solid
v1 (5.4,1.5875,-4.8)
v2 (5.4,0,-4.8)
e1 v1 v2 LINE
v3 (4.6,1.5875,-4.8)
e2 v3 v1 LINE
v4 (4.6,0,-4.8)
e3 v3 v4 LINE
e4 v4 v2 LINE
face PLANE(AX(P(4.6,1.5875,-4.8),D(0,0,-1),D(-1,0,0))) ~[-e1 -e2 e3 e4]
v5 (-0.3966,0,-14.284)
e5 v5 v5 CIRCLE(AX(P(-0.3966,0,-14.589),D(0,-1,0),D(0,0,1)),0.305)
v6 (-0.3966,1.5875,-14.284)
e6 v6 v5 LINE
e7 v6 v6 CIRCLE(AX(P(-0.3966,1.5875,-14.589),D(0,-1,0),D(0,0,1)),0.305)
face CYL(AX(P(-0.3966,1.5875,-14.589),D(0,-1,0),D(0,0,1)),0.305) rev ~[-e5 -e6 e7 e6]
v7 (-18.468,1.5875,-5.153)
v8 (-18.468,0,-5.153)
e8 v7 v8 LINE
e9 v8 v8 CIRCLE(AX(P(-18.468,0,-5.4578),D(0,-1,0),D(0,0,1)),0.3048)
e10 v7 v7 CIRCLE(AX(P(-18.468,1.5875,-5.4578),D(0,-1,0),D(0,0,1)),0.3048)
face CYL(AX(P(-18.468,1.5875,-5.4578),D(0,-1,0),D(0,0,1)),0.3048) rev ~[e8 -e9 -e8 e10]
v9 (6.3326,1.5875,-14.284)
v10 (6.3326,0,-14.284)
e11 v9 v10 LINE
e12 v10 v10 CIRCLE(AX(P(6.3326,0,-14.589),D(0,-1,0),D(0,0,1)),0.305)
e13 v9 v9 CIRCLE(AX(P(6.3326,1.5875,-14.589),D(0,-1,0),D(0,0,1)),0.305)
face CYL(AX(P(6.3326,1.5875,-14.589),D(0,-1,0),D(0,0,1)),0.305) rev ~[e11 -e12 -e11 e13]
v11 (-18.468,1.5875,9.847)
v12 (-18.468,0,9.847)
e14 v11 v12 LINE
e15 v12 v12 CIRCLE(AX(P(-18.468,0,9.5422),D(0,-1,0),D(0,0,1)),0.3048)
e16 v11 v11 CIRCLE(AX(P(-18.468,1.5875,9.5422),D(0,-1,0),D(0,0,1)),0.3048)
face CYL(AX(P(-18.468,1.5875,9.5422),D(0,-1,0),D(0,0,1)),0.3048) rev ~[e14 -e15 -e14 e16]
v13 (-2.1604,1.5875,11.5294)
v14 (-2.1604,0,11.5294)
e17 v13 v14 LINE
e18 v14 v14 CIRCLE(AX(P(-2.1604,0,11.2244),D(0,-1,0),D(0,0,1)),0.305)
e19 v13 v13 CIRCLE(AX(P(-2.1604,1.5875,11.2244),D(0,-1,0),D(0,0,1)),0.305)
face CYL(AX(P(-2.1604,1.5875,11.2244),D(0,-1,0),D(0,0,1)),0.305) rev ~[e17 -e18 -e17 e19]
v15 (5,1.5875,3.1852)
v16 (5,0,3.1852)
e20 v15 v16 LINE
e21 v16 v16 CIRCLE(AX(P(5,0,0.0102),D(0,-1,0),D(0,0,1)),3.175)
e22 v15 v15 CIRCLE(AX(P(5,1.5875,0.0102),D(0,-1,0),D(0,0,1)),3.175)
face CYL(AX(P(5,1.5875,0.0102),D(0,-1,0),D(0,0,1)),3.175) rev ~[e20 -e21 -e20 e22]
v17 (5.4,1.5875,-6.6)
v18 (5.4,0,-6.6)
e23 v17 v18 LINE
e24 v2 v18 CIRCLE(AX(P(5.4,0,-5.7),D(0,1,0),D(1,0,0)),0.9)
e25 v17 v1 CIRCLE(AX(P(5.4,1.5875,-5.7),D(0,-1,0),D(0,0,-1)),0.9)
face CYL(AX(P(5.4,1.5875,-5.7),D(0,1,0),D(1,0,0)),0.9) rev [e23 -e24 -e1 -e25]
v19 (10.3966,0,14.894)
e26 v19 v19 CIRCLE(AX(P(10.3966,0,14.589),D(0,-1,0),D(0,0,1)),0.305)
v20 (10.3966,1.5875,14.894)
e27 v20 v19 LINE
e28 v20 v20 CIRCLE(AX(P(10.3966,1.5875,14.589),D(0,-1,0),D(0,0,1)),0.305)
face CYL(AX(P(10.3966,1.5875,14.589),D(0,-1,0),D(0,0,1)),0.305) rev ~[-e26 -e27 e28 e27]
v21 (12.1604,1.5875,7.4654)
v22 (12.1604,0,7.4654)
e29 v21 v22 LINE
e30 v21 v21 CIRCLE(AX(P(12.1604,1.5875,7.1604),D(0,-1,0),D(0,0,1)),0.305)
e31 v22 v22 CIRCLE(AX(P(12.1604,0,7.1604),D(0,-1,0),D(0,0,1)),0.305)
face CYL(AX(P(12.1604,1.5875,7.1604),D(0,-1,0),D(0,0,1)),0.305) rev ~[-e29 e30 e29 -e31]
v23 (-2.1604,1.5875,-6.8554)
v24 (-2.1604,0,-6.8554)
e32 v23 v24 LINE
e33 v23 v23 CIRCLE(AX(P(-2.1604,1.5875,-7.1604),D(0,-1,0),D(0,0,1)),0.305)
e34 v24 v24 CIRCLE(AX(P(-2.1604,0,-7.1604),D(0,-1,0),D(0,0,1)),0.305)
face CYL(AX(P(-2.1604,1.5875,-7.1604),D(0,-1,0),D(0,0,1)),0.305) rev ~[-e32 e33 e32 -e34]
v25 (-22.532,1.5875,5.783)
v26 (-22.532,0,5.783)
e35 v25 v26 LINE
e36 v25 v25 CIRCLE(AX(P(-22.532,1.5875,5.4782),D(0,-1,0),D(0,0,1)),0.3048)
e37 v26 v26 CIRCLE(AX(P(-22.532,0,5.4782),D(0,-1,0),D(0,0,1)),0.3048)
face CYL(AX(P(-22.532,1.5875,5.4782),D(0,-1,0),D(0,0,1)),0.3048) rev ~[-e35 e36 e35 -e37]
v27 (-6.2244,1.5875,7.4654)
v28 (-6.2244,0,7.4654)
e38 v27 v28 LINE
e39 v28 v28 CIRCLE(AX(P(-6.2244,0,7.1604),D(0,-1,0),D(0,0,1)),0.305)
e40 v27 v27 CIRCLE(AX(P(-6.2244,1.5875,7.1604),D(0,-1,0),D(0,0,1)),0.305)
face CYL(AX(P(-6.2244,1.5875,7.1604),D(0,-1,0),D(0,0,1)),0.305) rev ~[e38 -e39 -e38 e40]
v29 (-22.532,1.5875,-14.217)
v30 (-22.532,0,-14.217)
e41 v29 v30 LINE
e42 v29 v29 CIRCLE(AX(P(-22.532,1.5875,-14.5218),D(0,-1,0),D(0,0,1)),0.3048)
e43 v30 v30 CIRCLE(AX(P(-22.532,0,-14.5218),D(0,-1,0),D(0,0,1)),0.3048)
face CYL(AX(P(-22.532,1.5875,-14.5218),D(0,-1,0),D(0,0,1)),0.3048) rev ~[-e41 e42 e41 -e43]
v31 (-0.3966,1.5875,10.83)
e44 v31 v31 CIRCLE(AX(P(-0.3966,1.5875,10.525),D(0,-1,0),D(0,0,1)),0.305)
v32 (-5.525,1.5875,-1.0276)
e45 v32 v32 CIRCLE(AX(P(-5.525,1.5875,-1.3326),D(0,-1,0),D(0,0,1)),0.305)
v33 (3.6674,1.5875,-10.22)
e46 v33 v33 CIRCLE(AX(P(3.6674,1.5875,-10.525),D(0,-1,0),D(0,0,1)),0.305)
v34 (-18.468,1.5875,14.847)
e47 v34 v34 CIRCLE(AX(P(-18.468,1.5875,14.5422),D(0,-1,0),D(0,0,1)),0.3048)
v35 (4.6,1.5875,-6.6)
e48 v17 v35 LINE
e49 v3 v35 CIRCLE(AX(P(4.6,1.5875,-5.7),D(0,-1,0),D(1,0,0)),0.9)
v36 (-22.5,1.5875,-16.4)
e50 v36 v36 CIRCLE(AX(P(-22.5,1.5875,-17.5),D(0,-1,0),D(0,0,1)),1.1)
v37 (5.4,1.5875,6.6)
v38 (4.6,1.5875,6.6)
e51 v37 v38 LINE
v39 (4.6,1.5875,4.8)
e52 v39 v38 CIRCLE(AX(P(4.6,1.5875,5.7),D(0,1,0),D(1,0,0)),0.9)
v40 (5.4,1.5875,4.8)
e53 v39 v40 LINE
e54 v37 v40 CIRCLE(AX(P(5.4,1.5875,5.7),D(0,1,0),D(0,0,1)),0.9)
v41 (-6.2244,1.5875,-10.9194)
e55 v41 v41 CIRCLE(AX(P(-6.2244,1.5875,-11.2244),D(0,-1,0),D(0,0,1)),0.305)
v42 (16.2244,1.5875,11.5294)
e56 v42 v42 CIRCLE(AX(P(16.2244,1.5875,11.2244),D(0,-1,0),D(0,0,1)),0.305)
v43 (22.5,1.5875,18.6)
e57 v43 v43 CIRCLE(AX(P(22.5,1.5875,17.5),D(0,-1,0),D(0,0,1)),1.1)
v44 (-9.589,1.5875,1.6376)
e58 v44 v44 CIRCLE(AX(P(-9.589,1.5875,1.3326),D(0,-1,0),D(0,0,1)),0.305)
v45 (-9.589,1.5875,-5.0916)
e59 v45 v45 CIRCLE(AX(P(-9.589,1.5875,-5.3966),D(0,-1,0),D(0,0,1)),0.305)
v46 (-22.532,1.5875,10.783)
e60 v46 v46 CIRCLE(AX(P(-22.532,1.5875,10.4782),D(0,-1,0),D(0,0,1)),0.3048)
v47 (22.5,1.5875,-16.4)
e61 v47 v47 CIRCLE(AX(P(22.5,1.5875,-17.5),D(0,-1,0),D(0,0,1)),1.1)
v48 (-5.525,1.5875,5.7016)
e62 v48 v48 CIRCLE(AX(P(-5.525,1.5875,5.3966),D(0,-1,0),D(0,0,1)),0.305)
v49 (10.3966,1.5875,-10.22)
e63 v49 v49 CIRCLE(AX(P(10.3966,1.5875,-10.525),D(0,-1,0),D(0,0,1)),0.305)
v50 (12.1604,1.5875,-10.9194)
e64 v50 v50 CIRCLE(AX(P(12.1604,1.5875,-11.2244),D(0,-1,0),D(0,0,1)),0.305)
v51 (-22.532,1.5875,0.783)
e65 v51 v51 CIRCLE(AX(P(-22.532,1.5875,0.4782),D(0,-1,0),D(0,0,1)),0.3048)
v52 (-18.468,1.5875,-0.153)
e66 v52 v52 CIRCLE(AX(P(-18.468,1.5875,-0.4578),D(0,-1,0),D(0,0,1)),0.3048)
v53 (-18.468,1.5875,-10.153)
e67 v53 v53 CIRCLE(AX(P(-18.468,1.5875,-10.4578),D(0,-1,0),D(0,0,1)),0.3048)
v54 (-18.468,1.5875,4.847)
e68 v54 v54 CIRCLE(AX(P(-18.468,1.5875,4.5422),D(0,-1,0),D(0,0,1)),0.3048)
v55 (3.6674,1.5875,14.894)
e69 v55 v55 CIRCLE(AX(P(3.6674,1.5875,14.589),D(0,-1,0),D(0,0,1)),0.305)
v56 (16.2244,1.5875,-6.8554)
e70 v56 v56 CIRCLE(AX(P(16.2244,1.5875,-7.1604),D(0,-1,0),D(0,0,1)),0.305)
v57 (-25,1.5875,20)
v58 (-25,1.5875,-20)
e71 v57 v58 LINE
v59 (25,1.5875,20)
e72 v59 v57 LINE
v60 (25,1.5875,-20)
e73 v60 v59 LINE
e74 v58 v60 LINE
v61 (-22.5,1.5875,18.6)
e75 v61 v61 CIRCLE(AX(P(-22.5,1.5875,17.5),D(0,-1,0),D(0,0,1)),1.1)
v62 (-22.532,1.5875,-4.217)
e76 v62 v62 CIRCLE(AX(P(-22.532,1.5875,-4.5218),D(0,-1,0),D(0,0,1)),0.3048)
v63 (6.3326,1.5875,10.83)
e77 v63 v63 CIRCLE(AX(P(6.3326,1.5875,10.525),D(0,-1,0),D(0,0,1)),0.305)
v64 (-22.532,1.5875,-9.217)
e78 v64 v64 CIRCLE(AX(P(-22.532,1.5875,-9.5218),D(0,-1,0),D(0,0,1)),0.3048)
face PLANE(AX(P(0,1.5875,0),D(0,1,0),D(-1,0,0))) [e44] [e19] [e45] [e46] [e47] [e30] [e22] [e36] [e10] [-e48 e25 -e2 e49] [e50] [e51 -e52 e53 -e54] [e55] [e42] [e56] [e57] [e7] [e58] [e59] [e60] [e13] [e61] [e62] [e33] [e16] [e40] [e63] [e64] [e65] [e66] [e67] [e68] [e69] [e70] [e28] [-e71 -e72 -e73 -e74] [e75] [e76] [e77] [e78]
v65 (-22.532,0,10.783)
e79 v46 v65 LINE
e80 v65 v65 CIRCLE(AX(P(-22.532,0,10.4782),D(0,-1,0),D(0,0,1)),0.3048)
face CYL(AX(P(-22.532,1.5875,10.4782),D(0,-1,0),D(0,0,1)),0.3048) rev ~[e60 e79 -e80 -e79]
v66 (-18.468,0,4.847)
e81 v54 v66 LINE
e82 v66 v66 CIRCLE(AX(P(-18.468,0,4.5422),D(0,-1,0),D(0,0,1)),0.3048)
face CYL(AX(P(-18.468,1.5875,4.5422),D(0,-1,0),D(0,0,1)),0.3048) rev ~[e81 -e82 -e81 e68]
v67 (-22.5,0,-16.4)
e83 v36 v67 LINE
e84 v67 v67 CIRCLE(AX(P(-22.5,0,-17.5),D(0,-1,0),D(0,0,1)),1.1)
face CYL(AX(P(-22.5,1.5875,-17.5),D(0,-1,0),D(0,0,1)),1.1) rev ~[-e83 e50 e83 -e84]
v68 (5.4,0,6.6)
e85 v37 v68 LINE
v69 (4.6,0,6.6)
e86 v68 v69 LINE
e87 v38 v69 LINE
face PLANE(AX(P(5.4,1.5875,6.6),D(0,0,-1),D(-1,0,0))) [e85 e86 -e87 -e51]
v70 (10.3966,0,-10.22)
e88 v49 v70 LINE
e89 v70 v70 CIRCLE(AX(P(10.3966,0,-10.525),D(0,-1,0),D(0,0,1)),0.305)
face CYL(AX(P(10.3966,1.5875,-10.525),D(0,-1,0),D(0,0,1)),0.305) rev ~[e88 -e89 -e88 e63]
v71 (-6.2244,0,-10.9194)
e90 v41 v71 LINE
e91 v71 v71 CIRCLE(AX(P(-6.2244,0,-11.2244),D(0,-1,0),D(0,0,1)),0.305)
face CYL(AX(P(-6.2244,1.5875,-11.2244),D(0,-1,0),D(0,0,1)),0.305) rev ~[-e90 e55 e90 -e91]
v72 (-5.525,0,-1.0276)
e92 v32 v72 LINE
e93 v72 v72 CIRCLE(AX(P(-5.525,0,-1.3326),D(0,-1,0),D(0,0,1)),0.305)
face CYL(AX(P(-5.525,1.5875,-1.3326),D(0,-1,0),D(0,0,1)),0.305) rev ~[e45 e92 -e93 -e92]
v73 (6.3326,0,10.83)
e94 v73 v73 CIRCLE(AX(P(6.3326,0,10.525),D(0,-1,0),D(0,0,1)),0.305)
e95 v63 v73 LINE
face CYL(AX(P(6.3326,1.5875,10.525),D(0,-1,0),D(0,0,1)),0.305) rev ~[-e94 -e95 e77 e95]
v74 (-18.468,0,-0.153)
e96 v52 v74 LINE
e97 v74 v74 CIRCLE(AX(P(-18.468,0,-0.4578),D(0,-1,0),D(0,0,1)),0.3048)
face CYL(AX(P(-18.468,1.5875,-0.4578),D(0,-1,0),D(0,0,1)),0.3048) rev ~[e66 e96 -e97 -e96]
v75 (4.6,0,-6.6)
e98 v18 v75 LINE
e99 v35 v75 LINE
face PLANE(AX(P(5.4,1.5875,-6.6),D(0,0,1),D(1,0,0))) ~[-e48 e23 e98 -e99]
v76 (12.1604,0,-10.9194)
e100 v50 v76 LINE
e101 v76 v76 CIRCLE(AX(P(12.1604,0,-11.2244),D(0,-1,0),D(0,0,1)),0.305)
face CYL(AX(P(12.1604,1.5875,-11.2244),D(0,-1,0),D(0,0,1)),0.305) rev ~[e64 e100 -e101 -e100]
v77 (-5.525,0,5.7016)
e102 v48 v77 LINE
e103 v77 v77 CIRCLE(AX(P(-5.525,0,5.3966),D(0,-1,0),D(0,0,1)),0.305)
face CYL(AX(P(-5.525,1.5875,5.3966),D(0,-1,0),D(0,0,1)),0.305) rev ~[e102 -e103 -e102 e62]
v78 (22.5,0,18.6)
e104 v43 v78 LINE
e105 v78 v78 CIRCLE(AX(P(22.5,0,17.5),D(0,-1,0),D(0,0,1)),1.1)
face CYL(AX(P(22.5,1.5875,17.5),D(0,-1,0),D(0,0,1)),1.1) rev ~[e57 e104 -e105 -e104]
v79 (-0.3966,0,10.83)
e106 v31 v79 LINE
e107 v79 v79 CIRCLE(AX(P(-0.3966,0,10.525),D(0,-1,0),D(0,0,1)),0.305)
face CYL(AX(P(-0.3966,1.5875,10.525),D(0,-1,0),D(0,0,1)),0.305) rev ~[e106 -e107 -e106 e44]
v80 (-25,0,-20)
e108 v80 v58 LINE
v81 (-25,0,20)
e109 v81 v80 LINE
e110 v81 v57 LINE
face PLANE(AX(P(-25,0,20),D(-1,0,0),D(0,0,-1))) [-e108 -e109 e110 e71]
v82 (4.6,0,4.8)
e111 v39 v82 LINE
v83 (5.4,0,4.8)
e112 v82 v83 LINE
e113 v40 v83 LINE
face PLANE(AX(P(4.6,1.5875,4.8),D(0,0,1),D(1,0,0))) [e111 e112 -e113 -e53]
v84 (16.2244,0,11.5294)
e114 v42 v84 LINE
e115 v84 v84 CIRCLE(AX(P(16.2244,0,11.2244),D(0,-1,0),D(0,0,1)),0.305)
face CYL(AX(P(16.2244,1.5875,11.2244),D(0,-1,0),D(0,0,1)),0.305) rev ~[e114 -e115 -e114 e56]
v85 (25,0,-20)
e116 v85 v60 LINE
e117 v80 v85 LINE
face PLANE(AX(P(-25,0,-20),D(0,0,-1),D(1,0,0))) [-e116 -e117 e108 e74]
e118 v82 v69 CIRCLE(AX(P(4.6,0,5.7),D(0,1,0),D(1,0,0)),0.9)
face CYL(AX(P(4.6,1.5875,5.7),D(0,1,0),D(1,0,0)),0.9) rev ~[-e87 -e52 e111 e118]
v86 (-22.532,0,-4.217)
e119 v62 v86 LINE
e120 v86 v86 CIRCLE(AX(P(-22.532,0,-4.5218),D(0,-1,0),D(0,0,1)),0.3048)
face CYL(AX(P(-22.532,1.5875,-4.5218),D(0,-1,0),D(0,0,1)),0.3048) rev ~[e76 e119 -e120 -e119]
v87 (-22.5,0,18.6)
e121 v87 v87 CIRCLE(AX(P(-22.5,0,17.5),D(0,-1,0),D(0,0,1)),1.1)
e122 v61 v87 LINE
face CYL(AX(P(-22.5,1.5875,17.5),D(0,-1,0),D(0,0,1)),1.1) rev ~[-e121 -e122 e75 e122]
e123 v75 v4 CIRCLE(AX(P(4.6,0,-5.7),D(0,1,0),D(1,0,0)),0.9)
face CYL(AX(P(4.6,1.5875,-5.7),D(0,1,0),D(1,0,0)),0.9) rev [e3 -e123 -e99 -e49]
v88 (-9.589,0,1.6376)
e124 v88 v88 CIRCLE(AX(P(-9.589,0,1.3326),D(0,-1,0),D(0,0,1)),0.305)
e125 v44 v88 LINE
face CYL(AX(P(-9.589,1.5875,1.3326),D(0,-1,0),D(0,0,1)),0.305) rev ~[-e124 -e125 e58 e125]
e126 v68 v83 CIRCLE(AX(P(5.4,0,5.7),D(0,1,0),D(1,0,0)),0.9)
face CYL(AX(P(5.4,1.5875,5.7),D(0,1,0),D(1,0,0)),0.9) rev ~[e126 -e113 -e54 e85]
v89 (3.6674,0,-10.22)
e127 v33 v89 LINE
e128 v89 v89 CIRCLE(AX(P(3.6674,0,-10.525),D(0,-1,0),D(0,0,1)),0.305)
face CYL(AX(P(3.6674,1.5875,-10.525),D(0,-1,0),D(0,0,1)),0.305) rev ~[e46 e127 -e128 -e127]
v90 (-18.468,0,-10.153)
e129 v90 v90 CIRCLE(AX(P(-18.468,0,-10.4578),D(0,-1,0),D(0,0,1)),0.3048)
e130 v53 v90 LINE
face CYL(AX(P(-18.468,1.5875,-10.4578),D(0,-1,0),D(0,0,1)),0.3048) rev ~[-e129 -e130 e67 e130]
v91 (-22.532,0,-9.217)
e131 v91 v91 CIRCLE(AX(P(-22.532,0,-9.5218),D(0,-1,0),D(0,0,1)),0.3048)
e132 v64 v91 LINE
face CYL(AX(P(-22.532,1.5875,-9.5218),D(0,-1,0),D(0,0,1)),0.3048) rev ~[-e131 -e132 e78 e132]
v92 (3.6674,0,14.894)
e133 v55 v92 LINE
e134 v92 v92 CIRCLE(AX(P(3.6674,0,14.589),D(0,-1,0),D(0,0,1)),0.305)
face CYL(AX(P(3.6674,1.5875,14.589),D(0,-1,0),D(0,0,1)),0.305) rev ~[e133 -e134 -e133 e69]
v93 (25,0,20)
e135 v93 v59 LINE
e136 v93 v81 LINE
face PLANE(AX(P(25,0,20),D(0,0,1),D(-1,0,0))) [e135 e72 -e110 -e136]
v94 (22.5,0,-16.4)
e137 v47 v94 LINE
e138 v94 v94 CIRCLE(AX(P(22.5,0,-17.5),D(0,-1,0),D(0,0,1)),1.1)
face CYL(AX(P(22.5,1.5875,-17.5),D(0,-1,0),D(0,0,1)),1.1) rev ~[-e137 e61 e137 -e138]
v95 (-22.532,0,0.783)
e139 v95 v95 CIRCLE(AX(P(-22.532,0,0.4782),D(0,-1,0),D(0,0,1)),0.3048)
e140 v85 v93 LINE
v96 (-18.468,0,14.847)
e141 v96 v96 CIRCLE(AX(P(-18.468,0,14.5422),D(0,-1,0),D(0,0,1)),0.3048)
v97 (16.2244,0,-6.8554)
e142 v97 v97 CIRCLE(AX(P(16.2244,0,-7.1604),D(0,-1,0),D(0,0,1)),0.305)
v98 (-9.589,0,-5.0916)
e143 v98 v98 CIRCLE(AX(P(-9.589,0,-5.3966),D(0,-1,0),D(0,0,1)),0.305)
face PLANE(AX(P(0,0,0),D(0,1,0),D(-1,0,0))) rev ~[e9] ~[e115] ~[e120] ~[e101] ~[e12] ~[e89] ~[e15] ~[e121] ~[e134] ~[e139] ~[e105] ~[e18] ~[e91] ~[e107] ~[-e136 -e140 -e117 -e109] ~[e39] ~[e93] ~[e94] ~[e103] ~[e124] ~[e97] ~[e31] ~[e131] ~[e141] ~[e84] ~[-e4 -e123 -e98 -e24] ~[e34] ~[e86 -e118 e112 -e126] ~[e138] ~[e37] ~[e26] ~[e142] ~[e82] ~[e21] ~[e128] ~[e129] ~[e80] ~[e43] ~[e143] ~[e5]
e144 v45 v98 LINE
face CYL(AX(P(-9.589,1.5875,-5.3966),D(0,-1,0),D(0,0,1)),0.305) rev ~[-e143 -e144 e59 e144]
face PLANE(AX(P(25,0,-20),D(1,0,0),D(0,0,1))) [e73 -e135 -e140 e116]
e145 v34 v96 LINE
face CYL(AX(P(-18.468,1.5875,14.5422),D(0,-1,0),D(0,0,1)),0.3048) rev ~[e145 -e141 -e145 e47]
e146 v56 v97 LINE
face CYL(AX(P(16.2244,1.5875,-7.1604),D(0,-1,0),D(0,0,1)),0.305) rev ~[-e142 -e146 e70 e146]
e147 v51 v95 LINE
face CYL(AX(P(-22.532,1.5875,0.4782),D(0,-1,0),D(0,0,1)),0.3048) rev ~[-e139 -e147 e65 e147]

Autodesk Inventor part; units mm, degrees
ref_plane "YZ Plane" through (0, 0, 0) normal (1, 0, 0) x (0, 1, 0)
ref_plane "XZ Plane" through (0, 0, 0) normal (0, 1, 0) x (-1, 0, 0)
ref_plane "XY Plane" through (0, 0, 0) normal (0, 0, 1) x (1, 0, 0)
sketch "Sketch1" plane through (0, 0, 0) normal (0, 1, 0) x (-1, 0, 0)
  line L0 (-25, 20) -> (25, 20)
  line L1 (25, 20) -> (25, -20)
  line L2 (25, -20) -> (-25, -20)
  line L3 (-25, -20) -> (-25, 20)
  line L4 (-25, 20) -> (25, -20) construction
  line L5 (25, 20) -> (-25, -20) construction
  point P0 (0, 0)
  dimension "length" = 50
  dimension "width" = 40
extrude "Extrusion1" add sketch "Sketch1" along normal blind 1.5875
hole "Hole1" at (22.5, 1.5875, 17.5) direction (0, -1, 0) diameter 2.2 end through all
pattern_linear "Rectangular Pattern2" count 2 spacing 45 along (-1, 0, 0) count 2 spacing 35 along (0, 0, -1) of "Hole1"
sketch "Sketch2" plane through (0, 1.5875, 0) normal (0, 1, 0) x (1, 0, 0)
  line L0 (25, -20) -> (25, 20) projected
  line L1 (5, 0) -> (14.1924, -9.1924) construction
  line L2 (5, 0) -> (18, 0) construction
  line L3 (25, 20) -> (-25, 20) construction
  line L4 (5, 0) -> (8.3646, -12.557) construction
  line L5 (5, 0) -> (1.6354, -12.557) construction
  line L6 (5, 0) -> (-4.1924, -9.1924) construction
  line L7 (5, 0) -> (-7.557, -3.3646) construction
  line L8 (5, 0) -> (-7.557, 3.3646) construction
  line L9 (5, 0) -> (-4.1924, 9.1924) construction
  line L10 (5, 0) -> (1.6354, 12.557) construction
  line L11 (5, 0) -> (8.3646, 12.557) construction
  line L12 (5, 0) -> (14.1924, 9.1924) construction
  line L13 (14.1924, -9.1924) -> (12.1604, -7.1604) construction
  circle A0 centre (12.1604, -7.1604) radius 0.305
  circle A1 centre (16.2244, -11.2244) radius 0.305
  circle A2 centre (6.3326, -10.525) radius 0.305
  circle A3 centre (10.3966, -14.589) radius 0.305
  circle A4 centre (-0.3966, -10.525) radius 0.305
  circle A5 centre (3.6674, -14.589) radius 0.305
  circle A6 centre (-6.2244, -7.1604) radius 0.305
  circle A7 centre (-2.1604, -11.2244) radius 0.305
  circle A8 centre (-9.589, -1.3326) radius 0.305
  circle A9 centre (-5.525, -5.3966) radius 0.305
  circle A10 centre (-9.589, 5.3966) radius 0.305
  circle A11 centre (-5.525, 1.3326) radius 0.305
  circle A12 centre (-6.2244, 11.2244) radius 0.305
  circle A13 centre (-2.1604, 7.1604) radius 0.305
  circle A14 centre (-0.3966, 14.589) radius 0.305
  circle A15 centre (3.6674, 10.525) radius 0.305
  circle A16 centre (6.3326, 14.589) radius 0.305
  circle A17 centre (10.3966, 10.525) radius 0.305
  circle A18 centre (12.1604, 11.2244) radius 0.305
  circle A19 centre (16.2244, 7.1604) radius 0.305
  point P0 (0, 0)
  dimension "d14" = 20
  dimension "d15" = 13
  dimension "d16" = 45
  dimension "d17" = 20
  dimension "d20" = 270
  dimension "d22" = 2.032
  dimension "d23" = 2.032
  dimension "d24" = 0.61
  dimension "d27" = 360
  dimension "d33" = 0.61
  dimension "d38" = 0.61
  dimension "d43" = 0.61
  dimension "d48" = 0.61
  dimension "d53" = 0.61
  dimension "d58" = 0.61
  dimension "d63" = 0.61
  dimension "d68" = 0.61
  dimension "d73" = 0.61
hole "Hole2" at (16.2244, 1.5875, 11.2244) at (12.1604, 1.5875, 7.1604) at (16.2244, 1.5875, -7.1604) at (10.3966, 1.5875, 14.589) at (6.3326, 1.5875, 10.525) at (3.6674, 1.5875, 14.589) at (-0.3966, 1.5875, 10.525) at (-2.1604, 1.5875, 11.2244) at (-5.525, 1.5875, 5.3966) at (-6.2244, 1.5875, 7.1604) at (-9.589, 1.5875, 1.3326) at (-5.525, 1.5875, -1.3326) at (-9.589, 1.5875, -5.3966) at (-2.1604, 1.5875, -7.1604) at (-6.2244, 1.5875, -11.2244) at (-0.3966, 1.5875, -14.589) at (3.6674, 1.5875, -10.525) at (6.3326, 1.5875, -14.589) at (10.3966, 1.5875, -10.525) at (12.1604, 1.5875, -11.2244) direction (0, -1, 0) diameter 0.61 end through all
sketch "Sketch3" plane through (0, 1.5875, 0) normal (0, 1, 0) x (1, 0, 0)
  line L0 (25, 20) -> (-25, 20) projected
  line L1 (25, -20) -> (25, 20) projected
  line L2 (5, 0) -> (5, -5.7) construction
  line L3 (5.4, -6.6) -> (4.6, -6.6)
  line L4 (4.6, -6.6) -> (4.6, -4.8)
  line L5 (4.6, -4.8) -> (5.4, -4.8)
  line L6 (5.4, -4.8) -> (5.4, -6.6)
  line L7 (5.4, -6.6) -> (4.6, -4.8) construction
  line L8 (4.6, -6.6) -> (5.4, -4.8) construction
  circle A0 centre (4.6, -5.7) radius 0.9
  circle A1 centre (5.4, -5.7) radius 0.9
  point P0 (0, 0)
  dimension "d81" = 20
  dimension "d82" = 20
  dimension "d83" = 5.7
  dimension "d86" = 0.8
  dimension "d87" = 1.8
extrude "Cut1" cut sketch "Sketch3" against normal blind 3.048
mirror "Mirror3" about plane through (0, 0, 0) normal (0, 0, 1) of "Cut1"
hole "Hole3" at (5, 1.5875, 0.0102) direction (0, -1, 0) diameter 6.35 depth 3.048 tip angle 118
sketch "Sketch5" plane through (0, 1.5875, 0) normal (0, 1, 0) x (1, 0, 0)
  circle A0 centre (5, -0.0102) radius 3.175 projected
  line L0 (-25, 20) -> (-25, -20) projected
  point P0 (0, 0)
  point P1 (-20.5, -12.5102)
  point P2 (-18.468, -14.5422)
  point P3 (-22.532, -10.4782)
  dimension "d100" = 25.5
  dimension "d101" = 12.5
  dimension "d115" = 2.032
  dimension "d116" = 2.032
  dimension "d117" = 2.032
  dimension "d118" = 2.032
hole "Hole4" at (-18.468, 1.5875, 14.5422) at (-22.532, 1.5875, 10.4782) direction (0, -1, 0) diameter 0.6096 end through all
pattern_linear "Rectangular Pattern1" count 6 spacing 5 along (0, 0, -1) of "Hole4"
equation "\"d5\" = holeOffset"
equation "\"d131\" = length - 2 * holeOffset"
equation "\"d134\" = width - 2 * holeOffset"
equation "\"d88\" = Thickness"
equation "\"d97\" = Thickness"
equation "\"d124\" = Thickness"
equation "\"BendRadius\" = Thickness"
equation "\"BendReliefWidth\" = Thickness"
equation "\"BendReliefDepth\" = 0.5 * Thickness"
equation "\"CornerReliefSize\" = 4 * Thickness"
equation "\"MinimumRemnant\" = 2 * Thickness"
equation "\"TransitionRadius\" = BendRadius"
equation "\"JacobiRadiusSize\" = Thickness"
equation "\"GapSize\" = Thickness"
equation "\"holeOffset\" = 2.5"
equation "\"Thickness\" = 3.048"
properties part number "pcb rotary control"
